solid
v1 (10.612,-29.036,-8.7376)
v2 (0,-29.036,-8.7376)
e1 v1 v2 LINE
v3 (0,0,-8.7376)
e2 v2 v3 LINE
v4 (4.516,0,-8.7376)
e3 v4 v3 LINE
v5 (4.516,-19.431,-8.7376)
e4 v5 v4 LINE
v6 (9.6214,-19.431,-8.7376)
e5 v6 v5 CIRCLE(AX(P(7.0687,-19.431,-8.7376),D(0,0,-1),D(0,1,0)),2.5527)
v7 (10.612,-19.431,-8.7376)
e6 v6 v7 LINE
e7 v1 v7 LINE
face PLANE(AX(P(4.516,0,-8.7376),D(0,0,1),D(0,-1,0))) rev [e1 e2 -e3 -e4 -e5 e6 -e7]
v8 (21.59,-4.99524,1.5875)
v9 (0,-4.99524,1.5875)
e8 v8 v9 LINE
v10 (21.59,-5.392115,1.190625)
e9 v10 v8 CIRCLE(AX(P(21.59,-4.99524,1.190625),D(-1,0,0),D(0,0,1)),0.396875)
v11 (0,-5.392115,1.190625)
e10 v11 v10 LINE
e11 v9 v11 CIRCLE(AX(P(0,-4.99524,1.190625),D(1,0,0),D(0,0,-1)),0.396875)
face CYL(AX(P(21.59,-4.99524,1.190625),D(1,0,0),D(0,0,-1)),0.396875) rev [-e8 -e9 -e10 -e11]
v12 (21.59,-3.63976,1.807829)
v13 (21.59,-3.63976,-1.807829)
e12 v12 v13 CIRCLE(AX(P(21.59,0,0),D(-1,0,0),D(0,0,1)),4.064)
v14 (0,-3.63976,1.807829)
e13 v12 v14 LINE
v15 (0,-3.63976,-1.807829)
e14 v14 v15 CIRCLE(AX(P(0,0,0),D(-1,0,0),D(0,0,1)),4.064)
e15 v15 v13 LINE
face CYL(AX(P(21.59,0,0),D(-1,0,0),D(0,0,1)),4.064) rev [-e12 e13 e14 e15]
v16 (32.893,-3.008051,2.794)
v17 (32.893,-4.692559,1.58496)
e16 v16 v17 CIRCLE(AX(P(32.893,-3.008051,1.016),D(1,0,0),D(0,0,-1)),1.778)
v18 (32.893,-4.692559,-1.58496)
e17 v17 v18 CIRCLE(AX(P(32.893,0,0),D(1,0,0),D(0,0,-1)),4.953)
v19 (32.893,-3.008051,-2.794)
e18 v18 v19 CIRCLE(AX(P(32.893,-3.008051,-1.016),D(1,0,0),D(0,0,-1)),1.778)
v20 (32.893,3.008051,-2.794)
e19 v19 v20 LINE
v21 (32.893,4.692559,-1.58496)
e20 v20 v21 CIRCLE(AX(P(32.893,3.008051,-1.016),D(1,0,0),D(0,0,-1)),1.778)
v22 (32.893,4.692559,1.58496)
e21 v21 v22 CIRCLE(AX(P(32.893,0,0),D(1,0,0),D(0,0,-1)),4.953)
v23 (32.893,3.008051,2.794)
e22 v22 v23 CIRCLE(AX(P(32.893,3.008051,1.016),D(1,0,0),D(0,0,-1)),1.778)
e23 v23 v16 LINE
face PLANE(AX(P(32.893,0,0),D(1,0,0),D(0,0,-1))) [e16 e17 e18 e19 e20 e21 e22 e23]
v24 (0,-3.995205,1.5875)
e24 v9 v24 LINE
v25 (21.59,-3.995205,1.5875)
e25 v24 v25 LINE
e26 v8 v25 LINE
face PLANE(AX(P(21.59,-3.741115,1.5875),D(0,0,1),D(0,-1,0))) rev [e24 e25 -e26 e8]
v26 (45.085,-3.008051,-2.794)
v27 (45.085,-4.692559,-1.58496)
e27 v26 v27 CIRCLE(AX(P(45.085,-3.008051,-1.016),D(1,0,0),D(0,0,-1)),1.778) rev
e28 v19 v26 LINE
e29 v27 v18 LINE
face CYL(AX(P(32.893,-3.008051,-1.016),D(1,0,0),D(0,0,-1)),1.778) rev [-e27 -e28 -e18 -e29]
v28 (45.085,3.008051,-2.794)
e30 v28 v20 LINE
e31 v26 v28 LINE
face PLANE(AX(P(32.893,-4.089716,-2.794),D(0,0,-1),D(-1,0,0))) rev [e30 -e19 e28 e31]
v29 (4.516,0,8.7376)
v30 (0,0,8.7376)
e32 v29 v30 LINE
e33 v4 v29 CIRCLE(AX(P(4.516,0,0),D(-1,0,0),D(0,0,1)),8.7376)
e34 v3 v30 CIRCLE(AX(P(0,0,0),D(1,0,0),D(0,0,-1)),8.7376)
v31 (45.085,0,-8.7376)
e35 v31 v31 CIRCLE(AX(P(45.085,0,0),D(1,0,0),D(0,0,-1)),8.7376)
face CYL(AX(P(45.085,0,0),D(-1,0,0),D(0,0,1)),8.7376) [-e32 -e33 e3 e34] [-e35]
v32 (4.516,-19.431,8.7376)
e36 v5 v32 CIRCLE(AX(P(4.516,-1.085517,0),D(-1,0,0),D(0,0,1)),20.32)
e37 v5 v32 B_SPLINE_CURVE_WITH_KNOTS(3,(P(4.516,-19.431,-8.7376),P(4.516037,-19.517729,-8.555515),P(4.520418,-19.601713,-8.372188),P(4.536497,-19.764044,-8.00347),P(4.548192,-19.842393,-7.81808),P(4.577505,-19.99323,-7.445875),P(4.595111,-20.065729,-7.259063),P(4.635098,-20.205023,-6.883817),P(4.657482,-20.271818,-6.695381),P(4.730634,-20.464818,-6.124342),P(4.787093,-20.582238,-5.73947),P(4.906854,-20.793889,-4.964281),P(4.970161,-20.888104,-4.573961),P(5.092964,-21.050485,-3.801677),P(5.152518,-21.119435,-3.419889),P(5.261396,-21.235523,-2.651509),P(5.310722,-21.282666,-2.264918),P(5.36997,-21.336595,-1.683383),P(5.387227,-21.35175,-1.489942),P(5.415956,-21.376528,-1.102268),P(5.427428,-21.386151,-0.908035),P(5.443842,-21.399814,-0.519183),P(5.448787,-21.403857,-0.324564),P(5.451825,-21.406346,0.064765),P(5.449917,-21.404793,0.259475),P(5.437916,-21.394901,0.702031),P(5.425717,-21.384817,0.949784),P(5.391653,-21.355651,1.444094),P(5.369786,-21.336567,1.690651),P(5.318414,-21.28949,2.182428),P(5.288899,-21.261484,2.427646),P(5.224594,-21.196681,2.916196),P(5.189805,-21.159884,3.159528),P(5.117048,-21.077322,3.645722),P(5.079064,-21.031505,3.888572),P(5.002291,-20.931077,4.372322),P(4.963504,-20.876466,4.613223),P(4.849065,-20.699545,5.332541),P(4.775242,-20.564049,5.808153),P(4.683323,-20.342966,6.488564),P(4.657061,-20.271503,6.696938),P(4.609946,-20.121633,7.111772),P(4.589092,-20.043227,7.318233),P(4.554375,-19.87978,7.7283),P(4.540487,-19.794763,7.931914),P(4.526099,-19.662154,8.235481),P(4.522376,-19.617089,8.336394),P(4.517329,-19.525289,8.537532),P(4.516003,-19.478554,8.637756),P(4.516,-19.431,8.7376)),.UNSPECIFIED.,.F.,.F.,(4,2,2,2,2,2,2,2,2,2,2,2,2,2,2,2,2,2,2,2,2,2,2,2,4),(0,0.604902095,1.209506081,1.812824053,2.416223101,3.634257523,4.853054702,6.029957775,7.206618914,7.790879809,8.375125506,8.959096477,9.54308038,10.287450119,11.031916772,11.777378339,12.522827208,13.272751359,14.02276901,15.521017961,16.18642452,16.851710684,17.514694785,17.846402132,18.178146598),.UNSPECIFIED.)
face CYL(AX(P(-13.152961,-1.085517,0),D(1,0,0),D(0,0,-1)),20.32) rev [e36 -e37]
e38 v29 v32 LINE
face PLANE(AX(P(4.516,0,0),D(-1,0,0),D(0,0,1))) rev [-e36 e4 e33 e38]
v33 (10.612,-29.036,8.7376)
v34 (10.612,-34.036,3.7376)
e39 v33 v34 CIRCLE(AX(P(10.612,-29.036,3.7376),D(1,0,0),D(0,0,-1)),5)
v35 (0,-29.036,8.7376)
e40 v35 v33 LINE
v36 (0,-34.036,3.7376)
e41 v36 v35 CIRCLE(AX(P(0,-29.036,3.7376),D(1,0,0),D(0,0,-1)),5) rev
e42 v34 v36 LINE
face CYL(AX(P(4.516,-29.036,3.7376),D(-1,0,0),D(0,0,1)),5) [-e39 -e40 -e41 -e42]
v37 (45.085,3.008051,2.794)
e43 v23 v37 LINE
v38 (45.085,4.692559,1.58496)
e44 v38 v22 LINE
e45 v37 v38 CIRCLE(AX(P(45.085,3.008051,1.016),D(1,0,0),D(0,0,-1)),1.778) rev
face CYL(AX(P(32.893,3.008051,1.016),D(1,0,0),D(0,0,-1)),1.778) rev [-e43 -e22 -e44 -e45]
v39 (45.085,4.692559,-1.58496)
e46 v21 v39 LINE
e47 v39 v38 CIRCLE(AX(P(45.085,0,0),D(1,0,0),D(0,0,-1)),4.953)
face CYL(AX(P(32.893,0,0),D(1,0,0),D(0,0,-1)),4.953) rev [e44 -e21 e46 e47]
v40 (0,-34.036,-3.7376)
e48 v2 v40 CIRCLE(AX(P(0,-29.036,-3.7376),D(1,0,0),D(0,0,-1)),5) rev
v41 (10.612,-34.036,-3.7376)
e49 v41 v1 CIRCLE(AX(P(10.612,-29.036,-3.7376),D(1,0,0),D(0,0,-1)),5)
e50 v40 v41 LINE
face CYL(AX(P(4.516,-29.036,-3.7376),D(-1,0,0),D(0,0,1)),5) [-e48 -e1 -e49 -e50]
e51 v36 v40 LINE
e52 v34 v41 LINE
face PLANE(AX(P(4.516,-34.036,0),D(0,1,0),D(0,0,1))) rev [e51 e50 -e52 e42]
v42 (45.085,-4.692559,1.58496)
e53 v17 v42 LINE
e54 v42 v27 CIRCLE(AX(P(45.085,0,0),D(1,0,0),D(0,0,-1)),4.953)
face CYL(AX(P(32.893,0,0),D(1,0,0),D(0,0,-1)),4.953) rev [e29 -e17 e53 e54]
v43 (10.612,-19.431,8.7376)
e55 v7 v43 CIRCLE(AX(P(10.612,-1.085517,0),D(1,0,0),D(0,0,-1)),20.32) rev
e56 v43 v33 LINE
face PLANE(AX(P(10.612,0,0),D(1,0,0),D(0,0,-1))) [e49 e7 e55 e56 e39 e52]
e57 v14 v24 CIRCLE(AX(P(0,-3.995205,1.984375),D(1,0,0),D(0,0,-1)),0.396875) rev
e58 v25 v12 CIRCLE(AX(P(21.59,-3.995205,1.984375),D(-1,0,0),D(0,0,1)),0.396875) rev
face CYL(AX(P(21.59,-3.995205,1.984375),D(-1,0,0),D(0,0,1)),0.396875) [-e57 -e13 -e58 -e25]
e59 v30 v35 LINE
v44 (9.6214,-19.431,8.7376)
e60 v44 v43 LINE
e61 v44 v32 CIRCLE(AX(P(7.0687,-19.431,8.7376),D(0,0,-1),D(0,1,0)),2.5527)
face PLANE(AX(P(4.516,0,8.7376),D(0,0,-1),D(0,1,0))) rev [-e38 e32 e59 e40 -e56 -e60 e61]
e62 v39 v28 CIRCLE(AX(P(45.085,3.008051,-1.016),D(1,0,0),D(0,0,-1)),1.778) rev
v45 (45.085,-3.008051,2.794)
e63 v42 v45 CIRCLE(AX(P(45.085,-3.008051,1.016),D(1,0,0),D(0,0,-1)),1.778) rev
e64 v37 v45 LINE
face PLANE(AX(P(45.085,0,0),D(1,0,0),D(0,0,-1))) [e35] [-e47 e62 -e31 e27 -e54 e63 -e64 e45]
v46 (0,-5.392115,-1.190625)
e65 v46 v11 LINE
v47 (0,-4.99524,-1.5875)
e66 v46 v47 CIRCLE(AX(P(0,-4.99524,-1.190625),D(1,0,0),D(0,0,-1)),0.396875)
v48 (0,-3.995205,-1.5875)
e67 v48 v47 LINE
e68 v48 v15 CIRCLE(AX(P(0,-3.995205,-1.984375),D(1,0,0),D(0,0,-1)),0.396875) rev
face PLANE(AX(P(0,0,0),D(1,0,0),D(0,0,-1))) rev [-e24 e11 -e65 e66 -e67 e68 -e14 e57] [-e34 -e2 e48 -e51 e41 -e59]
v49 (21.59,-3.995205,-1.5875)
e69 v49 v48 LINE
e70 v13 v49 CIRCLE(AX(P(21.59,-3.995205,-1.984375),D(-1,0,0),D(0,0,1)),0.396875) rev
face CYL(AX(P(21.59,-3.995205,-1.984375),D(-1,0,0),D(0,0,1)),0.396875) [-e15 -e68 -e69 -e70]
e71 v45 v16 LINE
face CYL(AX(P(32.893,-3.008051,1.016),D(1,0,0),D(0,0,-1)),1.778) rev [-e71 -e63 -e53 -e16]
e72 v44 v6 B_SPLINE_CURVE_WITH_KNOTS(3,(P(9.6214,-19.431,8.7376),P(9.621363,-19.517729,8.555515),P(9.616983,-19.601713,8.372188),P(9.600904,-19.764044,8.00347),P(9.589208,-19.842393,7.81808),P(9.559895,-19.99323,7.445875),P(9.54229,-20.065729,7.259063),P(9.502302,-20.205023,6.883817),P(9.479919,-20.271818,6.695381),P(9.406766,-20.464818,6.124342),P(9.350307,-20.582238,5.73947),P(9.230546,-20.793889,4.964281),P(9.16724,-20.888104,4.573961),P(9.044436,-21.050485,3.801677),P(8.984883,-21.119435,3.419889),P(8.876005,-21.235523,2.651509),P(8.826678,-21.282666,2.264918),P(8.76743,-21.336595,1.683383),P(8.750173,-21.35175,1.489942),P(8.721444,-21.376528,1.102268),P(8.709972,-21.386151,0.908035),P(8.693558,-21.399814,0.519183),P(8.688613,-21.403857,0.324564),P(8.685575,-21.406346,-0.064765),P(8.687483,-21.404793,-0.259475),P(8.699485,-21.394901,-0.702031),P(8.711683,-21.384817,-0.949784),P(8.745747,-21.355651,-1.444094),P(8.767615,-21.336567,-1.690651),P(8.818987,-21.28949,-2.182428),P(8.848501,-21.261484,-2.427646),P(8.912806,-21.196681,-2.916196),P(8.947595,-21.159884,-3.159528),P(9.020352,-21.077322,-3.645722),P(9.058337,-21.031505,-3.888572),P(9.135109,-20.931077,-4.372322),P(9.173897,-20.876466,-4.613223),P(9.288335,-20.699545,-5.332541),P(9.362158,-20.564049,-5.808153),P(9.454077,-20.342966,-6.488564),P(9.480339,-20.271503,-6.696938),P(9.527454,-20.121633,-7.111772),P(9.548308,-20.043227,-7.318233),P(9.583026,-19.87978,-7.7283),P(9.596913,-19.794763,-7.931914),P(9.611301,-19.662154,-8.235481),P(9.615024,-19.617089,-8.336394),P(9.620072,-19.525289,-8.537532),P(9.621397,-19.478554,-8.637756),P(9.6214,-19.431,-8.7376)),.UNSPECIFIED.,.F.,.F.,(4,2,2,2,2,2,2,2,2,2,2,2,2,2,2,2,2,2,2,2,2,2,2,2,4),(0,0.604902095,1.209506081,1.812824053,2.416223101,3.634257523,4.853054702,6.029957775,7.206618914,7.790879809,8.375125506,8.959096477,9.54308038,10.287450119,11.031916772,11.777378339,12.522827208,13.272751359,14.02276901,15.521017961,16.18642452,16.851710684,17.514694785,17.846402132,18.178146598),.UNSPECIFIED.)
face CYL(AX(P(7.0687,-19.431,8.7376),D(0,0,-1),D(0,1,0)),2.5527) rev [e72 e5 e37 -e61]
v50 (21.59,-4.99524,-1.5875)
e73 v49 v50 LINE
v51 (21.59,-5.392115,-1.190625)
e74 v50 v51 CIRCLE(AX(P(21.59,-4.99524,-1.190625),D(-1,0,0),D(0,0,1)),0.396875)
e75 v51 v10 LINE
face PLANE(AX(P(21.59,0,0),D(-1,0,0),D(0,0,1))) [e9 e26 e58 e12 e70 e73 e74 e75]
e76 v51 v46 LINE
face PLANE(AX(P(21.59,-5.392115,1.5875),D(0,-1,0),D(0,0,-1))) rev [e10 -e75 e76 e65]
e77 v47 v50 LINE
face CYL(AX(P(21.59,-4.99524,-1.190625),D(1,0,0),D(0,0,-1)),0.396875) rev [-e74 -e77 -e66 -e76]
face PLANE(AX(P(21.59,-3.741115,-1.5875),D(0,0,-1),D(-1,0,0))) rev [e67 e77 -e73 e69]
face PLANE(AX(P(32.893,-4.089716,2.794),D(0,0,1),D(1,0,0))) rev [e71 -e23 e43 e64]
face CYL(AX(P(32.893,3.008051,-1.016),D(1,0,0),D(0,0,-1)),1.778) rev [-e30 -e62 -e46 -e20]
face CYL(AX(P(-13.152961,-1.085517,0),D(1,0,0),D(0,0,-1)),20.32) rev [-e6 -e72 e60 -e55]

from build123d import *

# Parameters (mm, degrees)
SKETCH1_R           = 8.7376
BOSS_EXTRUDE1_DEPTH = 45.085
BOSS_EXTRUDE3_DEPTH = 4.516000112
FILLET2_R           = 5
BOSS_EXTRUDE4_START = 6.096
BOSS_EXTRUDE4_DEPTH = 6.096
CUT_EXTRUDE8_DEPTH  = 6.096
CUT_EXTRUDE10_DEPTH = 12.192
FILLET11_R          = 1.778
SKETCH25_R          = 2.5527
CUT_EXTRUDE14_DEPTH = 60.13111817
CUT_EXTRUDE15_DEPTH = 21.59
FILLET12_R          = 0.396875


with BuildPart() as part:
    # Sketch1 → Boss-Extrude1 (new body)
    with BuildSketch(Plane.YZ):
        with Locations(Location((0, 0, 0), (0, 0, 270))):
            Circle(SKETCH1_R)
    extrude(amount=BOSS_EXTRUDE1_DEPTH)

    # Sketch10 → Boss-Extrude3 (add)
    with BuildSketch(Plane(origin=(0, 0, 0), x_dir=(0, -1, 0), z_dir=(-1, 0, 0))):
        with BuildLine():
            Line((0, 8.7376), (34.036, 8.7376))
            Line((34.036, 8.7376), (34.036, -8.7376))
            Line((34.036, -8.7376), (0, -8.7376))
            ThreePointArc((0, -8.7376), (8.7376, 0), (0, 8.7376))
        make_face()
    extrude(amount=-BOSS_EXTRUDE3_DEPTH)

    # Fillet2
    fillet2_edges = [part.edges().sort_by_distance(p)[0] for p in [
        (2.258000056, -34.036, 8.7376),
        (2.258000056, -34.036, -8.7376),
    ]]
    fillet(fillet2_edges, radius=FILLET2_R)

    # Sketch15 → Boss-Extrude4 (add)
    with BuildSketch(Plane.YZ.offset(4.516000112).offset(BOSS_EXTRUDE4_START)):
        with BuildLine():
            Line((-18.796, 8.7376), (-29.036, 8.7376))
            ThreePointArc((-29.036, 8.7376), (-32.571533906, 7.273133906), (-34.036, 3.7376))
            Line((-34.036, 3.7376), (-34.036, -3.7376))
            ThreePointArc((-34.036, -3.7376), (-32.571533906, -7.273133906), (-29.036, -8.7376))
            Line((-29.036, -8.7376), (-18.796, -8.7376))
            Line((-18.796, -8.7376), (-18.796, 8.7376))
        make_face()
    extrude(amount=-BOSS_EXTRUDE4_DEPTH)

    # Sketch21 → Cut-Extrude8 (cut)
    with BuildSketch(Plane.YZ.offset(10.612000112)):
        with BuildLine():
            Line((-19.431, -8.7376), (-18.796, -8.7376))
            Line((-18.796, -8.7376), (-18.796, 8.7376))
            Line((-18.796, 8.7376), (-19.431, 8.7376))
            ThreePointArc((-19.431, 8.7376), (-21.405517007, 0), (-19.431, -8.7376))
        make_face()
    extrude(amount=-CUT_EXTRUDE8_DEPTH, mode=Mode.SUBTRACT)

    # Sketch22 → Cut-Extrude10 (cut)
    with BuildSketch(Plane.YZ.offset(45.085)):
        with BuildLine():
            Line((-4.089715516, -2.794), (4.089715516, -2.794))
            ThreePointArc((4.089715516, -2.794), (4.953, 0), (4.089715516, 2.794))
            Line((4.089715516, 2.794), (-4.089715516, 2.794))
            ThreePointArc((-4.089715516, 2.794), (-4.953, 0), (-4.089715516, -2.794))
        make_face()
    extrude(amount=-CUT_EXTRUDE10_DEPTH, mode=Mode.SUBTRACT)

    # Fillet11
    fillet11_edges = [part.edges().sort_by_distance(p)[0] for p in [
        (38.989, 4.089715516, 2.794),
        (38.989, 4.089715516, -2.794),
        (38.989, -4.089715516, -2.794),
        (38.989, -4.089715516, 2.794),
    ]]
    fillet(fillet11_edges, radius=FILLET11_R)

    # Sketch25 → Cut-Extrude14 (cut, through all)
    with BuildSketch(Plane(origin=(0, 0, -8.7376), x_dir=(1, 0, 0), z_dir=(0, 0, -1))):
        with Locations((7.068700112, 19.431)):
            Circle(SKETCH25_R)
    extrude(amount=-CUT_EXTRUDE14_DEPTH, mode=Mode.SUBTRACT)

    # Sketch26 → Cut-Extrude15 (cut)
    with BuildSketch(Plane(origin=(0, 0, 0), x_dir=(0, -1, 0), z_dir=(-1, 0, 0))):
        with BuildLine():
            Line((3.741114774, 1.5875), (5.392114774, 1.5875))
            Line((5.392114774, 1.5875), (5.392114774, -1.5875))
            Line((5.392114774, -1.5875), (3.741114774, -1.5875))
            ThreePointArc((3.741114774, -1.5875), (-4.064, 0), (3.741114774, 1.5875))
        make_face()
    extrude(amount=-CUT_EXTRUDE15_DEPTH, mode=Mode.SUBTRACT)

    # Fillet12
    fillet12_edges = [part.edges().sort_by_distance(p)[0] for p in [
        (10.795, -3.741114774, -1.5875),
        (10.795, -3.741114774, 1.5875),
        (10.795, -5.392114774, 1.5875),
        (10.795, -5.392114774, -1.5875),
    ]]
    fillet(fillet12_edges, radius=FILLET12_R)


solid = part.part
